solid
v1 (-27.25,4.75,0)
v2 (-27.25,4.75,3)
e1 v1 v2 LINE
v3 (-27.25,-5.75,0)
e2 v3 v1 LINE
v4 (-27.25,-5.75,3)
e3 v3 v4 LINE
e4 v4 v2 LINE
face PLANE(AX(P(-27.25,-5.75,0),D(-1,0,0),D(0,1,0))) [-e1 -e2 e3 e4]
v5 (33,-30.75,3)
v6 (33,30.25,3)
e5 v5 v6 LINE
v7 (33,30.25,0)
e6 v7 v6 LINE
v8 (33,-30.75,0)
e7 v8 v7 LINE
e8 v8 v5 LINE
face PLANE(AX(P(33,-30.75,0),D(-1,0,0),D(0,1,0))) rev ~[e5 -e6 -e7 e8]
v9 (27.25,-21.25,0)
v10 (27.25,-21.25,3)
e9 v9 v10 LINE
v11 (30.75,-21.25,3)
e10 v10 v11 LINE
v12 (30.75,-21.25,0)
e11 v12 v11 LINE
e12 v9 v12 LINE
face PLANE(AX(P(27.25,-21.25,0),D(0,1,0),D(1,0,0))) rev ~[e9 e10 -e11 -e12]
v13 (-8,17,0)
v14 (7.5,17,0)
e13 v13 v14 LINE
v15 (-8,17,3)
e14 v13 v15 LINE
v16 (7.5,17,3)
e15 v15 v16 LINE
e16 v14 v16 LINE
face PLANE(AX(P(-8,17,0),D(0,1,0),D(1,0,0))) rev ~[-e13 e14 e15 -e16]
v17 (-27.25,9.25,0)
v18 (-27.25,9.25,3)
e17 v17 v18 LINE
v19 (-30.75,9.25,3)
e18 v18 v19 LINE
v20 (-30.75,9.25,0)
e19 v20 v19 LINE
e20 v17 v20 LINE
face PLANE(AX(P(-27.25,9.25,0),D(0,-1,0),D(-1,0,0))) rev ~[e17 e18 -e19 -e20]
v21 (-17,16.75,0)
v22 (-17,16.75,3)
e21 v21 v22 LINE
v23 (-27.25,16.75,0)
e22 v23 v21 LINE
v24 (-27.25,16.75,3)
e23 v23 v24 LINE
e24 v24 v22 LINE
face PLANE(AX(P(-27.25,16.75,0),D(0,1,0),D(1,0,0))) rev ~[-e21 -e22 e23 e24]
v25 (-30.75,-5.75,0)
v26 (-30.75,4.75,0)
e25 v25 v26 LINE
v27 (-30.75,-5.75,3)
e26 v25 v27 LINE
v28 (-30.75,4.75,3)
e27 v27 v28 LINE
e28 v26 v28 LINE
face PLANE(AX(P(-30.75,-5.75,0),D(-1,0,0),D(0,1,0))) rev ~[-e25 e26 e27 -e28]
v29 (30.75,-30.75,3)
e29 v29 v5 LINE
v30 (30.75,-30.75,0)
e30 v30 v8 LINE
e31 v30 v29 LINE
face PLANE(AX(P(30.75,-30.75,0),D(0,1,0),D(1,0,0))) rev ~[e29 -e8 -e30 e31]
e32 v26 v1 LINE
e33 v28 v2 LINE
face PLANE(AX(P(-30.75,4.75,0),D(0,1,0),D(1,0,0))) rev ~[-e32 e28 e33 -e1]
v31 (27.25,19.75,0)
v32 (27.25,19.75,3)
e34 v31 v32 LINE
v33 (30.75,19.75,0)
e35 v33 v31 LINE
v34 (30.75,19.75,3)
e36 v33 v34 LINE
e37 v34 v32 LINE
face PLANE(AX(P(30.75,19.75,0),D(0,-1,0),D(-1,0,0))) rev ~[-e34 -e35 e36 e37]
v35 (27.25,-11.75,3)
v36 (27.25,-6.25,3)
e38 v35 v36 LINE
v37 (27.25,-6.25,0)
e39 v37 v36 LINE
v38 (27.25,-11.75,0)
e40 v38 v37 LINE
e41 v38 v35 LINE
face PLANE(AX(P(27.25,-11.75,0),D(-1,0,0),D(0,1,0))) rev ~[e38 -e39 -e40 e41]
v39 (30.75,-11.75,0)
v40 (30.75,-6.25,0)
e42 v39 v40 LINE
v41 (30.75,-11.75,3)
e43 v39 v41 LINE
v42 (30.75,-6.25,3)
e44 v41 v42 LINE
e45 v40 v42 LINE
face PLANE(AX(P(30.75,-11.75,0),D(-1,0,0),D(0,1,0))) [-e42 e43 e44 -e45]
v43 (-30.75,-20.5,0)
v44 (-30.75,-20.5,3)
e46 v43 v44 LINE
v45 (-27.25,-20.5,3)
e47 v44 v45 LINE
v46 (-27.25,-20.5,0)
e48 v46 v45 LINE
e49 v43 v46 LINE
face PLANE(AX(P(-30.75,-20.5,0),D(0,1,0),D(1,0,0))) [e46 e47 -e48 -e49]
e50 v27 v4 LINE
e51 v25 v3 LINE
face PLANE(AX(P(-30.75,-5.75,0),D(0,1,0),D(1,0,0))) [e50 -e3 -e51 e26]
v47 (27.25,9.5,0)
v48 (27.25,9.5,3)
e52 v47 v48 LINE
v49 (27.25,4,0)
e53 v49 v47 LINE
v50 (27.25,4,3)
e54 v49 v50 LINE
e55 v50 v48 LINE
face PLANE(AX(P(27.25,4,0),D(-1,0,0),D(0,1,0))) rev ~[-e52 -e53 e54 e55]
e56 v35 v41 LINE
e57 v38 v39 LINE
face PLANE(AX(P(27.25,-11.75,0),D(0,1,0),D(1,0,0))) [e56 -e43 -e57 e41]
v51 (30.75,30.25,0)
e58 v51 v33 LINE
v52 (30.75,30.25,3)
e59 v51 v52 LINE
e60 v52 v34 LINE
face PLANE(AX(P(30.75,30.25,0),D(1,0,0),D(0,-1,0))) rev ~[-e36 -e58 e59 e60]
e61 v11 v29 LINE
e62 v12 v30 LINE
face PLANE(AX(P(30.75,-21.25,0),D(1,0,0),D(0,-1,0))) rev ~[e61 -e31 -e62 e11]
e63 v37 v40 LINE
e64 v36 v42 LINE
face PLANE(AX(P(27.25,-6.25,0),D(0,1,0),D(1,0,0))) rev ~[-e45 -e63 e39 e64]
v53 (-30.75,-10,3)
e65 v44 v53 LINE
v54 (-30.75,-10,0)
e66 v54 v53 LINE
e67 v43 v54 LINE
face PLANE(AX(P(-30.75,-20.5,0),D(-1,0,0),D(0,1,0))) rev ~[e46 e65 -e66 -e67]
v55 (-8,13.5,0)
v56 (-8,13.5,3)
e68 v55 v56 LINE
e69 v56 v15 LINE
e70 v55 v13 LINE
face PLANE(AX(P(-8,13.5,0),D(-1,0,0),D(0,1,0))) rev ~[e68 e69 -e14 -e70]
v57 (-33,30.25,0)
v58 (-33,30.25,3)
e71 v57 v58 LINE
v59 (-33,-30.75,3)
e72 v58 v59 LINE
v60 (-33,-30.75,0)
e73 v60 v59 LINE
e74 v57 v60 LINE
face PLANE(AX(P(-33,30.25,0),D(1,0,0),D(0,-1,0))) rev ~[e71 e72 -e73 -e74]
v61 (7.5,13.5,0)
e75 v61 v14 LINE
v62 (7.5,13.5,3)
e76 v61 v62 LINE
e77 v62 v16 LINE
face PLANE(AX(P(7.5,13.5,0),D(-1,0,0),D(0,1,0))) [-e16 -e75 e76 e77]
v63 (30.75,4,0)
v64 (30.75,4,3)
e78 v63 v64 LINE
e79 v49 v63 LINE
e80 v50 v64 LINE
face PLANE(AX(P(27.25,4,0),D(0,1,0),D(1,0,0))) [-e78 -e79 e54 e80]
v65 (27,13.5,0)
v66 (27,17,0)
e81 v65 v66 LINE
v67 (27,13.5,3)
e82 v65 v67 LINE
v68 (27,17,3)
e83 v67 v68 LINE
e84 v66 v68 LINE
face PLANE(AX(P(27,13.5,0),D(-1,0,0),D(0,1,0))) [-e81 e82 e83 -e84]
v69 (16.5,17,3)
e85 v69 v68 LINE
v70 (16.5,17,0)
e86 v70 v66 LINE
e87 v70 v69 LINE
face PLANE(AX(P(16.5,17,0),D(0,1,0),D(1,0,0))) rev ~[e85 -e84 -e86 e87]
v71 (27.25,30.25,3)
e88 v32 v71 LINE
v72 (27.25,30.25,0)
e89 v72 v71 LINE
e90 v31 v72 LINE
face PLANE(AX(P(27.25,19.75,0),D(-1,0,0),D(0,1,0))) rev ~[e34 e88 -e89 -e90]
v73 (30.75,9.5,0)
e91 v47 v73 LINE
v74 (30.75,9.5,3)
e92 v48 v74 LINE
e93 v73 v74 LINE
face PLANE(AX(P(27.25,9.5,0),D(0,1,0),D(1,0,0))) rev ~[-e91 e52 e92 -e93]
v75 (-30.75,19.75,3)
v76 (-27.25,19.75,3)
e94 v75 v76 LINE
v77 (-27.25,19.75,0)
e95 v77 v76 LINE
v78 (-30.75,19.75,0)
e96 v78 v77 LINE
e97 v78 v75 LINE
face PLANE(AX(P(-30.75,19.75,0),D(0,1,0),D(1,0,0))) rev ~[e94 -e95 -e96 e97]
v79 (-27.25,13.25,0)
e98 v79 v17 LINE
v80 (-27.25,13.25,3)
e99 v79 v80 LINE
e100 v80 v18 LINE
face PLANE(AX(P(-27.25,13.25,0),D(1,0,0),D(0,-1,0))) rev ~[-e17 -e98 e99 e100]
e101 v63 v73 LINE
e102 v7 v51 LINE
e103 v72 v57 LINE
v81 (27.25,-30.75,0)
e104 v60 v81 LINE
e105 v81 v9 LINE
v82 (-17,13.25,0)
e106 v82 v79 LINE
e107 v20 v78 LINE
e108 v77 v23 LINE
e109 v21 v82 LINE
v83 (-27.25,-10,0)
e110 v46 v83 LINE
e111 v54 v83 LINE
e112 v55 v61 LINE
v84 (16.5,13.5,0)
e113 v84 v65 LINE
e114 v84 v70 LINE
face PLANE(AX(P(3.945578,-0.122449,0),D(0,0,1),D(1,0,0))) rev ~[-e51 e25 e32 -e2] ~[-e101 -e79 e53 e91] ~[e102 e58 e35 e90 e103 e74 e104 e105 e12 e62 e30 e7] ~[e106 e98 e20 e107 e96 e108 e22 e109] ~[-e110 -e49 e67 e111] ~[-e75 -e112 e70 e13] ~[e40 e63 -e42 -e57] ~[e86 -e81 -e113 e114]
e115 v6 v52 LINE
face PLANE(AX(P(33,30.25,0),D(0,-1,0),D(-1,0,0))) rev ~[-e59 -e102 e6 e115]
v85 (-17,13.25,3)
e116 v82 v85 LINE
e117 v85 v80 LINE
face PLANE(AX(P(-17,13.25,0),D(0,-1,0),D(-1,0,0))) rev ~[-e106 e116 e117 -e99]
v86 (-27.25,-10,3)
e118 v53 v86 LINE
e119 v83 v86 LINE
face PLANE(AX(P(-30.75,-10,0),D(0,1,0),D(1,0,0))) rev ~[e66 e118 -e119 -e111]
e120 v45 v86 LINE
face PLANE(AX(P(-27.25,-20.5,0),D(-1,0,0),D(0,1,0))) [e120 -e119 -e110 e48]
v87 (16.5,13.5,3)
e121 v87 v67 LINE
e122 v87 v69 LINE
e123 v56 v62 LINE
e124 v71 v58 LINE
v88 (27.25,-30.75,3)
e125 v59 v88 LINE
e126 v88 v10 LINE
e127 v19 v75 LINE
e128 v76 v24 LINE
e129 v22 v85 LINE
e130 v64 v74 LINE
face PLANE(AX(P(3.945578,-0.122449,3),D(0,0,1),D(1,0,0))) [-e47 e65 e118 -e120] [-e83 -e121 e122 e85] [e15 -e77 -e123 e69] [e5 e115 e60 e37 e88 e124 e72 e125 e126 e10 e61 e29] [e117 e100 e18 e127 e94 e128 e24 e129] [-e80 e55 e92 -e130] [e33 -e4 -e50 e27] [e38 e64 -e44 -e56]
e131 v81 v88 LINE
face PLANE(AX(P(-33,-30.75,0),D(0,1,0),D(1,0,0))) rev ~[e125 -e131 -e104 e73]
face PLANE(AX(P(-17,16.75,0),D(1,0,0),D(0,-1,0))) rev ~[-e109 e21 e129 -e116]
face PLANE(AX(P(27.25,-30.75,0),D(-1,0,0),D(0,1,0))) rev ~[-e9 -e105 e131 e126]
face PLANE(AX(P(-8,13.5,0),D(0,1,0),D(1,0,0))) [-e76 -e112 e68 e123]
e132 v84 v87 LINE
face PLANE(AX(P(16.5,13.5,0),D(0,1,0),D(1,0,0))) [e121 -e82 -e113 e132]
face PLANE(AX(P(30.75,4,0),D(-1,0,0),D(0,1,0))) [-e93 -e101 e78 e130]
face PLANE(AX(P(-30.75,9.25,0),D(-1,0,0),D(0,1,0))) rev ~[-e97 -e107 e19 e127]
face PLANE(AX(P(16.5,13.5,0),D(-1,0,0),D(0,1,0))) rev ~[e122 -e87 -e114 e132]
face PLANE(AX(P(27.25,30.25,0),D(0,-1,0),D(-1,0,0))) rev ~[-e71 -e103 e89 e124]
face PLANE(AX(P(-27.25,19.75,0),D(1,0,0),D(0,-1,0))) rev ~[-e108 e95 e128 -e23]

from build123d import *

# Parameters (mm, degrees)
SKETCH_1_W      = 15.5
SKETCH_1_H      = 3.5
SKETCH_1_W_2    = 10.5
SKETCH_1_W_3    = 3.5
SKETCH_1_H_2    = 5.5
SKETCH_1_H_3    = 10.5
EXTRUDE_1_DEPTH = 3


with BuildPart() as part:
    # Эскиз1 → Бобышка-Вытянуть1 (new body)
    with BuildSketch(Plane.XY):
        Polygon((30.75, -30.75), (33, -30.75), (33, 30.25), (30.75, 30.25), (30.75, 19.75), (27.25, 19.75), (27.25, 30.25), (-33, 30.25), (-33, -30.75), (27.25, -30.75), (27.25, -21.25), (30.75, -21.25), align=None)
        Polygon((-27.25, 13.25), (-27.25, 9.25), (-30.75, 9.25), (-30.75, 19.75), (-27.25, 19.75), (-27.25, 16.75), (-17, 16.75), (-17, 13.25), align=None, mode=Mode.SUBTRACT)
        with Locations((-0.25, 15.25)):
            Rectangle(SKETCH_1_W, SKETCH_1_H, mode=Mode.SUBTRACT)
        with Locations((21.75, 15.25)):
            Rectangle(SKETCH_1_W_2, SKETCH_1_H, mode=Mode.SUBTRACT)
        with Locations((29, 6.75)):
            Rectangle(SKETCH_1_W_3, SKETCH_1_H_2, mode=Mode.SUBTRACT)
        with Locations((29, -9)):
            Rectangle(SKETCH_1_W_3, SKETCH_1_H_2, mode=Mode.SUBTRACT)
        with Locations((-29, -0.5)):
            Rectangle(SKETCH_1_W_3, SKETCH_1_H_3, mode=Mode.SUBTRACT)
        with Locations((-29, -15.25)):
            Rectangle(SKETCH_1_W_3, SKETCH_1_H_3, mode=Mode.SUBTRACT)
    extrude(amount=EXTRUDE_1_DEPTH)


solid = part.part
